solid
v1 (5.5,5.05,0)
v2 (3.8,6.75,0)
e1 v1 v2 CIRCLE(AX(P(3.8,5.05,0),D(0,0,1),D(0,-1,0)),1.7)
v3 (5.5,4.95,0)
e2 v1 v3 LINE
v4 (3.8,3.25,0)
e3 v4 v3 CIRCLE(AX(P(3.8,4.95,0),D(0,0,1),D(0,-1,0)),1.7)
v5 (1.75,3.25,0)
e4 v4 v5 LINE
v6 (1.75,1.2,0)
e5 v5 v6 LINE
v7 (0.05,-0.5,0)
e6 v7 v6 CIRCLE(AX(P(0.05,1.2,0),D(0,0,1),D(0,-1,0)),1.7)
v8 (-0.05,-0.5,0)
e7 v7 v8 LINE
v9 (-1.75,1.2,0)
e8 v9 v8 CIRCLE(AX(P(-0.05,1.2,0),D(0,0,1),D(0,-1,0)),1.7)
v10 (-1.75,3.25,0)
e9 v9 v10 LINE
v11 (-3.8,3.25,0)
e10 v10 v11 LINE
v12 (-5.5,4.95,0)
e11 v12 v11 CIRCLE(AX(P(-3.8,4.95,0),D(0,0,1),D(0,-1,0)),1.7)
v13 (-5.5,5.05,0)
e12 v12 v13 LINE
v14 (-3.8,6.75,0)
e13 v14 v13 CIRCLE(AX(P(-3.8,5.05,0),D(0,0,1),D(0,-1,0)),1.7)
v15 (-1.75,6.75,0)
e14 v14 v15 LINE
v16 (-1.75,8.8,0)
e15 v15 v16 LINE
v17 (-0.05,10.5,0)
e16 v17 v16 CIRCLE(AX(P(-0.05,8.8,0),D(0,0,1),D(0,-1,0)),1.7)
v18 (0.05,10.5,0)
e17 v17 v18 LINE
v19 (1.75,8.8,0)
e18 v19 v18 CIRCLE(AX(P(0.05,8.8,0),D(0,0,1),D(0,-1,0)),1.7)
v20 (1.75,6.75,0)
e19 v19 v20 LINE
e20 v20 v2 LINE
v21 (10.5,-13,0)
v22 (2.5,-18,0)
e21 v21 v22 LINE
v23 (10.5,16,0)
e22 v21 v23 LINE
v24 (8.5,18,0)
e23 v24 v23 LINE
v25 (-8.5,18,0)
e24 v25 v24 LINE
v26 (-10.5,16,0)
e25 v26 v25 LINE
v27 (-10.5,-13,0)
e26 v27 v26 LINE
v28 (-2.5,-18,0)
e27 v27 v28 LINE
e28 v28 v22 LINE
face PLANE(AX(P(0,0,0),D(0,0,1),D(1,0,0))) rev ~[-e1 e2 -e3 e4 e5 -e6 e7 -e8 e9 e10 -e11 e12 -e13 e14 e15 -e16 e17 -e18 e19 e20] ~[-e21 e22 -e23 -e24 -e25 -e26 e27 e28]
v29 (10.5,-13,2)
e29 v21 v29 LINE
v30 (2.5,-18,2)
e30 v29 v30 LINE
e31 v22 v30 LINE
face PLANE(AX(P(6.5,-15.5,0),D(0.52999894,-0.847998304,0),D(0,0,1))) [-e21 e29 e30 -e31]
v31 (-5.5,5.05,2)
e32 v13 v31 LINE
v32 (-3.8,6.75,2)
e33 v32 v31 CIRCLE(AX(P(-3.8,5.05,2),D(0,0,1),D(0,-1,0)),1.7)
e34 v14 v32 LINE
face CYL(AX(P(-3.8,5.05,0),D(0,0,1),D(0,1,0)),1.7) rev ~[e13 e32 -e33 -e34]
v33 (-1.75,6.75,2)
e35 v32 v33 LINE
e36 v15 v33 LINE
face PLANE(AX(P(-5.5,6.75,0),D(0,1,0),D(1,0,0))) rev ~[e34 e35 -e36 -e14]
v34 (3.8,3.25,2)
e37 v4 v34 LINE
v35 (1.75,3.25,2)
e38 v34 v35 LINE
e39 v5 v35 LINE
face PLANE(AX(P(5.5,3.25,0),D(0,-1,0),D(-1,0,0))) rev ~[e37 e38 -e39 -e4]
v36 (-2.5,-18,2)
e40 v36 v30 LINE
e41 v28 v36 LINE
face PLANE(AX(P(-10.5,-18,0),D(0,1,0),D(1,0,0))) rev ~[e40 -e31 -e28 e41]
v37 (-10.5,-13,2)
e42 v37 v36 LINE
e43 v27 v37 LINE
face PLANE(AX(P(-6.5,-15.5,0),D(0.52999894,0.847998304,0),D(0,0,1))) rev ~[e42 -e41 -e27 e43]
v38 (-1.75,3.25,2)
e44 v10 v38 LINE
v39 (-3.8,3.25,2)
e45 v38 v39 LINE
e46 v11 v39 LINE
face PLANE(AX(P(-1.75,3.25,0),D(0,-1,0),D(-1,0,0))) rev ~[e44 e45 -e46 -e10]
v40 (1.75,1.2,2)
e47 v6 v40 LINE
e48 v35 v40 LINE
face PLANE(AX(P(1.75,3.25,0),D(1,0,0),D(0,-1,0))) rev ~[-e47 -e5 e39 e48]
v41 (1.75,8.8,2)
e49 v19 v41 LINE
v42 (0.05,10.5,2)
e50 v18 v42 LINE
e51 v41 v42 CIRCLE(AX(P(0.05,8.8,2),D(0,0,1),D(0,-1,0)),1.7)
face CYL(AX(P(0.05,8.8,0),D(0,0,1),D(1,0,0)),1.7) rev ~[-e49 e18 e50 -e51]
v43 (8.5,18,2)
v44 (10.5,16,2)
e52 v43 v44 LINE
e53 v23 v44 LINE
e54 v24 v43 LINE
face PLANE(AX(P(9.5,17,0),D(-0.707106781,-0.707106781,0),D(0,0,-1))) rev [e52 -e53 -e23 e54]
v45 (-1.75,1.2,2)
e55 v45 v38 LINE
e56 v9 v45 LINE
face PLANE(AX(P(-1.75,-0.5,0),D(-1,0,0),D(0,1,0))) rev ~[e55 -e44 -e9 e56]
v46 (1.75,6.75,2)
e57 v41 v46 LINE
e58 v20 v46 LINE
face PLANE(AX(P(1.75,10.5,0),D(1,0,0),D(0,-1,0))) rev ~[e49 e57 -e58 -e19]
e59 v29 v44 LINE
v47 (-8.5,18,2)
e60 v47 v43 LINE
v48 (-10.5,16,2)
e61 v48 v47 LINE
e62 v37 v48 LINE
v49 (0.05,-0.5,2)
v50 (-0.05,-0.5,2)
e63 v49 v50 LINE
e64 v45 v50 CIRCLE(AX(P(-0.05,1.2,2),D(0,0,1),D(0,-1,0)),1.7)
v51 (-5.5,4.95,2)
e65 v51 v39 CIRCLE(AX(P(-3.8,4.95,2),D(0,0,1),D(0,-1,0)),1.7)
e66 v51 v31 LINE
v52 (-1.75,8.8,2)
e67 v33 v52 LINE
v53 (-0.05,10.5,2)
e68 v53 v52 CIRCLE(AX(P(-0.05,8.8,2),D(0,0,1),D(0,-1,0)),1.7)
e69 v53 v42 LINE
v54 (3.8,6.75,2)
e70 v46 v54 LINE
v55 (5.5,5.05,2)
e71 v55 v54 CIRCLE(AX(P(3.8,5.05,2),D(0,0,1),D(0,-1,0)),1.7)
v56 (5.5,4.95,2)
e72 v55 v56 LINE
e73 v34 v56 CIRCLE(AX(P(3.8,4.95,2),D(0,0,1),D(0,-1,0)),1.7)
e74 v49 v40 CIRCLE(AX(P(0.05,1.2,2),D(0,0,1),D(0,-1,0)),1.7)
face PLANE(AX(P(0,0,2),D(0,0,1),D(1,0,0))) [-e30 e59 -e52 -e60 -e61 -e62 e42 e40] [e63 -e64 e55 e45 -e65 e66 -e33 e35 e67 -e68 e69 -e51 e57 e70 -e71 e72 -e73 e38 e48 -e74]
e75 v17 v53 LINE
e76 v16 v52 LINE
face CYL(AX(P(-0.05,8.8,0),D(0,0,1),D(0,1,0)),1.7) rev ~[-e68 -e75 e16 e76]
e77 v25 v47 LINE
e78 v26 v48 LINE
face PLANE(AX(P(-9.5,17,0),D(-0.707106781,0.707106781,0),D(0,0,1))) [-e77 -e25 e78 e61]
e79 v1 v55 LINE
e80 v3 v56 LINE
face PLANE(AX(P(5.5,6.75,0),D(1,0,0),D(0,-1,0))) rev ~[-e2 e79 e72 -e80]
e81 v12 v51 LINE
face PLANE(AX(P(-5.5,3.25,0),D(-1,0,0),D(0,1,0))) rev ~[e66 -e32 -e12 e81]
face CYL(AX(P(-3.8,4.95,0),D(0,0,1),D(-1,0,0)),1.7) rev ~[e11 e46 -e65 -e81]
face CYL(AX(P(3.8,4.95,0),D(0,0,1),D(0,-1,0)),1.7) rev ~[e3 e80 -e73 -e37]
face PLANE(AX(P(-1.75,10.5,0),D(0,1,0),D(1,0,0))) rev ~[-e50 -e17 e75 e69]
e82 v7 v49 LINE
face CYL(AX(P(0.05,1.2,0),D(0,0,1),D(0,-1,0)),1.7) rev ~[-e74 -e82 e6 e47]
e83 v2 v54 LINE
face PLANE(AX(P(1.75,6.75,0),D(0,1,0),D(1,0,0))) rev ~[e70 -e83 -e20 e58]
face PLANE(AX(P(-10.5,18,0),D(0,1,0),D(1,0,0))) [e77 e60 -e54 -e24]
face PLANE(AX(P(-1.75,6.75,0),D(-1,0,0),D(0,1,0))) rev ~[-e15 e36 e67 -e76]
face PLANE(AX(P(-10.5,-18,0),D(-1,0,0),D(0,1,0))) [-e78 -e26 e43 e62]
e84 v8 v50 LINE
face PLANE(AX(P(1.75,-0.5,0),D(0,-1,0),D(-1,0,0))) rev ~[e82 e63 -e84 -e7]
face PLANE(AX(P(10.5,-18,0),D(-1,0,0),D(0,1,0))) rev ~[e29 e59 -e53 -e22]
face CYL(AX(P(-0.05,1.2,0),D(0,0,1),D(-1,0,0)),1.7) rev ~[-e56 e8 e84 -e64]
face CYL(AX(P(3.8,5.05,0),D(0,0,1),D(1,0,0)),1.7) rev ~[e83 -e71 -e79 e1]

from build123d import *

# Parameters (mm, degrees)
F0_W       = 21
F0_H       = 36
F1_DEPTH   = 2
F2_SIZE    = 2
F3_SIZE2   = 8
F3_SIZE    = 5
F3_2_SIZE2 = 8
F3_2_SIZE  = 5
F4_R       = 1.7


with BuildPart() as f1:
    # F0 (on Top) → F1 (new body)
    with BuildSketch(Plane.XY):
        Rectangle(F0_W, F0_H)
        Polygon((1.75, 3.25), (1.75, -0.5), (-1.75, -0.5), (-1.75, 3.25), (-5.5, 3.25), (-5.5, 6.75), (-1.75, 6.75), (-1.75, 10.5), (1.75, 10.5), (1.75, 6.75), (5.5, 6.75), (5.5, 3.25), align=None, mode=Mode.SUBTRACT)
    extrude(amount=F1_DEPTH)

    # F2
    f2_edges = [f1.edges().sort_by_distance(p)[0] for p in [
        (10.5, 18, 1),
        (-10.5, 18, 1),
    ]]
    chamfer(f2_edges, length=F2_SIZE)

    # F3
    f3_edges = [f1.edges().sort_by_distance(p)[0] for p in [
        (10.5, -18, 1),
    ]]
    f3_side = f1.faces().sort_by_distance((10.5, -1, 1))[0]
    chamfer(f3_edges, length=F3_SIZE, length2=F3_SIZE2, reference=f3_side)

    # F3#2
    f3_2_edges = [f1.edges().sort_by_distance(p)[0] for p in [
        (-10.5, -18, 1),
    ]]
    f3_2_side = f1.faces().sort_by_distance((-10.5, -1, 1))[0]
    chamfer(f3_2_edges, length=F3_2_SIZE, length2=F3_2_SIZE2, reference=f3_2_side)

    # F4
    f4_edges = [f1.edges().sort_by_distance(p)[0] for p in [
        (5.5, 6.75, 1),
        (1.75, 10.5, 1),
        (-1.75, 10.5, 1),
        (-5.5, 6.75, 1),
        (-5.5, 3.25, 1),
        (-1.75, -0.5, 1),
        (1.75, -0.5, 1),
        (5.5, 3.25, 1),
    ]]
    fillet(f4_edges, radius=F4_R)


solid = f1.part
